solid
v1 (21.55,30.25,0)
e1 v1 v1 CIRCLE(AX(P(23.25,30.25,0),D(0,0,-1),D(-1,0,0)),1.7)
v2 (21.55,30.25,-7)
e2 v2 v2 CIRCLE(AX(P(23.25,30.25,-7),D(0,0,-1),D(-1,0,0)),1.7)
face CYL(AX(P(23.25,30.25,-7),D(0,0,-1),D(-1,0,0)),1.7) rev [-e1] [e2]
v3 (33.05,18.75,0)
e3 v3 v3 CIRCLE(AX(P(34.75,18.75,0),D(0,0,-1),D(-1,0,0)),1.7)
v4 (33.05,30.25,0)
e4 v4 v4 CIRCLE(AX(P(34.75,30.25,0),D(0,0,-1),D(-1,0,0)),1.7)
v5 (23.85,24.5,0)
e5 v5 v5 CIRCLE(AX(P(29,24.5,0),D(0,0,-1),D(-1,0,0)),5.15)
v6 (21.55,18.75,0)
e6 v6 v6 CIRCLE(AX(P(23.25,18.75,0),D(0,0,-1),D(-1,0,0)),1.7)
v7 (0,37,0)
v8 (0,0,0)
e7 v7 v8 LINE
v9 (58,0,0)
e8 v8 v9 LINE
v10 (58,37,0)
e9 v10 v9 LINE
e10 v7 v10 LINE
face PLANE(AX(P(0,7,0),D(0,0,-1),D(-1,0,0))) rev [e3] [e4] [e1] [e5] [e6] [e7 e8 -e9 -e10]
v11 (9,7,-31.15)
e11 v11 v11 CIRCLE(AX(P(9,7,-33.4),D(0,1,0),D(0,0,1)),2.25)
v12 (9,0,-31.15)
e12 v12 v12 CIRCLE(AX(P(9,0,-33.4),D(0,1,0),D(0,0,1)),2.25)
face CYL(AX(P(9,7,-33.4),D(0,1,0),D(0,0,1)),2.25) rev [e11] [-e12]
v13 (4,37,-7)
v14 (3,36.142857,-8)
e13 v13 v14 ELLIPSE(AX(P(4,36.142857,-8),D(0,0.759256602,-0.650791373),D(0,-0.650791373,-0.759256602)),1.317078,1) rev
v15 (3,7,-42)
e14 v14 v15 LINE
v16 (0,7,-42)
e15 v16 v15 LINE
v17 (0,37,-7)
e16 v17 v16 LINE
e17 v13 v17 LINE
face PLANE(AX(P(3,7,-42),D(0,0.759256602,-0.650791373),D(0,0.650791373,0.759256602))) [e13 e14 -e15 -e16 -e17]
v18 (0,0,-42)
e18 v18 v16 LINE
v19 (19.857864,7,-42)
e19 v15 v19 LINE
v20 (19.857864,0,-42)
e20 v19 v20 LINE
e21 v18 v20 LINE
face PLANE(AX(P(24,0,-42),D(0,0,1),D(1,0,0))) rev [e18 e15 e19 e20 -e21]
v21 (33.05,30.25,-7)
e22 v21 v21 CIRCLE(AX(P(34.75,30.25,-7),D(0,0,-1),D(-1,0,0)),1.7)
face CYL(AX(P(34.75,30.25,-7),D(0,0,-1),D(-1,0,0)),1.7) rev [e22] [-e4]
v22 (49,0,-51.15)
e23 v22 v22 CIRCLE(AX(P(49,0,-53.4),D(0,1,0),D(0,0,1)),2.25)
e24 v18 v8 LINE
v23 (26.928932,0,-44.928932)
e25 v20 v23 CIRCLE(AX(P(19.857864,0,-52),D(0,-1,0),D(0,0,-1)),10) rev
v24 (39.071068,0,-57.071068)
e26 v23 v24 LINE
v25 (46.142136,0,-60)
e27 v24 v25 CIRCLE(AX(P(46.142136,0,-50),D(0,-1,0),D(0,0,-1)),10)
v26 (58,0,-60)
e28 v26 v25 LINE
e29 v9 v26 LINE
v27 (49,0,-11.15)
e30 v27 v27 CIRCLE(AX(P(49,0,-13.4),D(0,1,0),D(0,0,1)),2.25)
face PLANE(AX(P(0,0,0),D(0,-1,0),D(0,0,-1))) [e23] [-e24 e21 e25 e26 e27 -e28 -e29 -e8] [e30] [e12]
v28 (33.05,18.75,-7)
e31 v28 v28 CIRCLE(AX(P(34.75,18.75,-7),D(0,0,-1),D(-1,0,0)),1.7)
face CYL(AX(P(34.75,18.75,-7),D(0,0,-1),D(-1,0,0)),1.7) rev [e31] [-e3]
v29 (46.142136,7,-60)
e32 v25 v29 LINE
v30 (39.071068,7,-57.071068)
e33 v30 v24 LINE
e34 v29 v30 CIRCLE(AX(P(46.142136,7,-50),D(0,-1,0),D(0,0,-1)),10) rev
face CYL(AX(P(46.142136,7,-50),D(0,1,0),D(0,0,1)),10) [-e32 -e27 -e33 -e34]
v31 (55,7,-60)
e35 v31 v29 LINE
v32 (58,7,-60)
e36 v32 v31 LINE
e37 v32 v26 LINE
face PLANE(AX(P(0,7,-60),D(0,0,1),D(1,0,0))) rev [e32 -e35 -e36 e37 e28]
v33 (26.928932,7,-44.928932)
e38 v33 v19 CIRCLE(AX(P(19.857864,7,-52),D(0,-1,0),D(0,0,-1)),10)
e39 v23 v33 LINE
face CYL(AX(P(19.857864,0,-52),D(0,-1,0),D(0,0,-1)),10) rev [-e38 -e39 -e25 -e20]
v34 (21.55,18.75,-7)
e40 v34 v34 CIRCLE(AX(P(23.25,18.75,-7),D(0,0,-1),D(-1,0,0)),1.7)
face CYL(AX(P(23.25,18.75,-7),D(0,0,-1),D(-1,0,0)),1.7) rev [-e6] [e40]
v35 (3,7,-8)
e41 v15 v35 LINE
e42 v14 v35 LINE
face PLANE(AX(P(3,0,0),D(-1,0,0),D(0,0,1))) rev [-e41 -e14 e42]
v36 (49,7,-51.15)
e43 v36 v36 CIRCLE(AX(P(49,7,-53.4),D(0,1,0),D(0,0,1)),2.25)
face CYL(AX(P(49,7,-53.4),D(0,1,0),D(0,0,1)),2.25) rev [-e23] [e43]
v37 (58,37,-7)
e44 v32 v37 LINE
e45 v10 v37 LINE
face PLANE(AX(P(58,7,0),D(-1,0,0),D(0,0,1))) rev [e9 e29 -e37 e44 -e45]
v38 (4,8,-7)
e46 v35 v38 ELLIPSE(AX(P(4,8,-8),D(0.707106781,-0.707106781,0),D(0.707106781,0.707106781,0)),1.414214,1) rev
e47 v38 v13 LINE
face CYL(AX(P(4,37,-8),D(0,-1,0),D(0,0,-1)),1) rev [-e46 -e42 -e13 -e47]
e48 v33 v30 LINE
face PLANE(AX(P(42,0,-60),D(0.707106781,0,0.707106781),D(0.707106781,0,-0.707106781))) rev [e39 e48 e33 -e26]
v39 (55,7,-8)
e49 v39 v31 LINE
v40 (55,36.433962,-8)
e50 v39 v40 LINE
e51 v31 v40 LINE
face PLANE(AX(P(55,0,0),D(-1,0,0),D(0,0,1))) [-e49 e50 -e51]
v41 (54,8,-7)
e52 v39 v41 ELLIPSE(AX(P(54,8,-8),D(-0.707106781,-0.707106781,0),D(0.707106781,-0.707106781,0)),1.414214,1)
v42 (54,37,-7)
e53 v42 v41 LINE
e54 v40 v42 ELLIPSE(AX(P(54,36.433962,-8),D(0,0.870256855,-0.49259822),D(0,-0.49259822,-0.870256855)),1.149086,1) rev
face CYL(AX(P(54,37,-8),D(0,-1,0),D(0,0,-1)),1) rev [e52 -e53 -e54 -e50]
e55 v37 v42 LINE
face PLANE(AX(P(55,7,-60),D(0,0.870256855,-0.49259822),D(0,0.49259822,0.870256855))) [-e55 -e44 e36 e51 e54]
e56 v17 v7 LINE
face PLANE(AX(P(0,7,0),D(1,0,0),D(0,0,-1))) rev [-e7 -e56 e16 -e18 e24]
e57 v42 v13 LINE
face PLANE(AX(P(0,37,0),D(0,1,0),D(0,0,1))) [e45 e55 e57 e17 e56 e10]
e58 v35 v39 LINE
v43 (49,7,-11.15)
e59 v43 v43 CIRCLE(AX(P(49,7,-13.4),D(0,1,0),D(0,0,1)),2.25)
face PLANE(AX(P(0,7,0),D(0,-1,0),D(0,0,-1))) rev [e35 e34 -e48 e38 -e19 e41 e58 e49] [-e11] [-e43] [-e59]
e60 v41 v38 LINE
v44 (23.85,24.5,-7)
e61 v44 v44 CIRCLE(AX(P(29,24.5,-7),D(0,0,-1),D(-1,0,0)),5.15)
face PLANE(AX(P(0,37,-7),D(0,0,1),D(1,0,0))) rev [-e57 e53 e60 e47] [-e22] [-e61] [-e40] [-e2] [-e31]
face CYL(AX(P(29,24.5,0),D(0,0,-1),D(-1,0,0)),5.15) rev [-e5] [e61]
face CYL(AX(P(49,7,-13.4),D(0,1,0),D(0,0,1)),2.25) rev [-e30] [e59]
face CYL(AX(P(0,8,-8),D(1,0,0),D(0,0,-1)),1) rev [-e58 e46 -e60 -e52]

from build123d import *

# Parameters (mm, degrees)
SKETCH1_W            = 58
SKETCH1_H            = 60
BOSS_EXTRUDE1_DEPTH  = 7
SKETCH2_W            = 58
SKETCH2_H            = 7
BOSS_EXTRUDE2_DEPTH  = 30
SKETCH5_R            = 5.15
CUT_EXTRUDE1_DEPTH   = 87.844688957
M3_CLEARANCE_HOLE1_D = 3.4
SUPPORT_DEPTH        = 3
M4_CLEARANCE_HOLE2_D = 4.5
CUT_EXTRUDE5_DEPTH   = 89.67919711
BOSS_EXTRUDE6_DEPTH  = 3
FILLET2_R            = 10
FILLET3_R            = 1


with BuildPart() as part:
    # Sketch1 → Boss-Extrude1 (new body)
    with BuildSketch(Plane(origin=(0, 0, 0), x_dir=(1, 0, 0), z_dir=(0, 1, 0))):
        with Locations((29, 30)):
            Rectangle(SKETCH1_W, SKETCH1_H)
    extrude(amount=BOSS_EXTRUDE1_DEPTH)

    # Sketch2 → Boss-Extrude2 (add)
    with BuildSketch(Plane(origin=(0, 7, 0), x_dir=(1, 0, 0), z_dir=(0, 1, 0))):
        with Locations((29, 3.5)):
            Rectangle(SKETCH2_W, SKETCH2_H)
    extrude(amount=BOSS_EXTRUDE2_DEPTH)

    # Sketch5 → Cut-Extrude1 (cut, through all)
    with BuildSketch(Plane(origin=(0, 0, -7), x_dir=(-1, 0, 0), z_dir=(0, 0, -1))):
        with Locations((-29, 24.5)):
            Circle(SKETCH5_R)
    extrude(amount=-CUT_EXTRUDE1_DEPTH, mode=Mode.SUBTRACT)

    # M3 Clearance Hole1 (through all)
    with Locations(Plane(origin=(0, 0, -7), x_dir=(-1, 0, 0), z_dir=(0, 0, -1))):
        with Locations((-34.75, 18.75), (-23.25, 18.75), (-23.25, 30.25), (-34.75, 30.25)):
            Hole(M3_CLEARANCE_HOLE1_D / 2)

    # Sketch15 → support (add)
    with BuildSketch(Plane(origin=(58, 0, 0), x_dir=(0, 0, -1), z_dir=(1, 0, 0))):
        Polygon((60, 7), (7, 37), (7, 7), align=None)
    extrude(amount=-SUPPORT_DEPTH)

    # M4 Clearance Hole2 (through all)
    with Locations(Plane(origin=(0, 7, 0), x_dir=(1, 0, 0), z_dir=(0, 1, 0))):
        with Locations((49, 53.4), (49, 13.4), (9, 33.4)):
            Hole(M4_CLEARANCE_HOLE2_D / 2)

    # Sketch21 → Cut-Extrude5 (cut, through all)
    with BuildSketch(Plane(origin=(0, 7, 0), x_dir=(1, 0, 0), z_dir=(0, 1, 0))):
        Polygon((42, 60), (24, 42), (0, 42), (0, 60), align=None)
    extrude(amount=-CUT_EXTRUDE5_DEPTH, mode=Mode.SUBTRACT)

    # Sketch22 → Boss-Extrude6 (add)
    with BuildSketch(Plane.ZY):
        Polygon((-42, 7), (-7, 37), (-7, 7), align=None)
    extrude(amount=-BOSS_EXTRUDE6_DEPTH)

    # Fillet2
    fillet2_edges = [part.edges().sort_by_distance(p)[0] for p in [
        (42, 3.5, -60),
        (24, 3.5, -42),
    ]]
    fillet(fillet2_edges, radius=FILLET2_R)

    # Fillet3
    fillet3_edges = [part.edges().sort_by_distance(p)[0] for p in [
        (29, 7, -7),
        (55, 22, -7),
        (3, 22, -7),
    ]]
    fillet(fillet3_edges, radius=FILLET3_R)


solid = part.part
